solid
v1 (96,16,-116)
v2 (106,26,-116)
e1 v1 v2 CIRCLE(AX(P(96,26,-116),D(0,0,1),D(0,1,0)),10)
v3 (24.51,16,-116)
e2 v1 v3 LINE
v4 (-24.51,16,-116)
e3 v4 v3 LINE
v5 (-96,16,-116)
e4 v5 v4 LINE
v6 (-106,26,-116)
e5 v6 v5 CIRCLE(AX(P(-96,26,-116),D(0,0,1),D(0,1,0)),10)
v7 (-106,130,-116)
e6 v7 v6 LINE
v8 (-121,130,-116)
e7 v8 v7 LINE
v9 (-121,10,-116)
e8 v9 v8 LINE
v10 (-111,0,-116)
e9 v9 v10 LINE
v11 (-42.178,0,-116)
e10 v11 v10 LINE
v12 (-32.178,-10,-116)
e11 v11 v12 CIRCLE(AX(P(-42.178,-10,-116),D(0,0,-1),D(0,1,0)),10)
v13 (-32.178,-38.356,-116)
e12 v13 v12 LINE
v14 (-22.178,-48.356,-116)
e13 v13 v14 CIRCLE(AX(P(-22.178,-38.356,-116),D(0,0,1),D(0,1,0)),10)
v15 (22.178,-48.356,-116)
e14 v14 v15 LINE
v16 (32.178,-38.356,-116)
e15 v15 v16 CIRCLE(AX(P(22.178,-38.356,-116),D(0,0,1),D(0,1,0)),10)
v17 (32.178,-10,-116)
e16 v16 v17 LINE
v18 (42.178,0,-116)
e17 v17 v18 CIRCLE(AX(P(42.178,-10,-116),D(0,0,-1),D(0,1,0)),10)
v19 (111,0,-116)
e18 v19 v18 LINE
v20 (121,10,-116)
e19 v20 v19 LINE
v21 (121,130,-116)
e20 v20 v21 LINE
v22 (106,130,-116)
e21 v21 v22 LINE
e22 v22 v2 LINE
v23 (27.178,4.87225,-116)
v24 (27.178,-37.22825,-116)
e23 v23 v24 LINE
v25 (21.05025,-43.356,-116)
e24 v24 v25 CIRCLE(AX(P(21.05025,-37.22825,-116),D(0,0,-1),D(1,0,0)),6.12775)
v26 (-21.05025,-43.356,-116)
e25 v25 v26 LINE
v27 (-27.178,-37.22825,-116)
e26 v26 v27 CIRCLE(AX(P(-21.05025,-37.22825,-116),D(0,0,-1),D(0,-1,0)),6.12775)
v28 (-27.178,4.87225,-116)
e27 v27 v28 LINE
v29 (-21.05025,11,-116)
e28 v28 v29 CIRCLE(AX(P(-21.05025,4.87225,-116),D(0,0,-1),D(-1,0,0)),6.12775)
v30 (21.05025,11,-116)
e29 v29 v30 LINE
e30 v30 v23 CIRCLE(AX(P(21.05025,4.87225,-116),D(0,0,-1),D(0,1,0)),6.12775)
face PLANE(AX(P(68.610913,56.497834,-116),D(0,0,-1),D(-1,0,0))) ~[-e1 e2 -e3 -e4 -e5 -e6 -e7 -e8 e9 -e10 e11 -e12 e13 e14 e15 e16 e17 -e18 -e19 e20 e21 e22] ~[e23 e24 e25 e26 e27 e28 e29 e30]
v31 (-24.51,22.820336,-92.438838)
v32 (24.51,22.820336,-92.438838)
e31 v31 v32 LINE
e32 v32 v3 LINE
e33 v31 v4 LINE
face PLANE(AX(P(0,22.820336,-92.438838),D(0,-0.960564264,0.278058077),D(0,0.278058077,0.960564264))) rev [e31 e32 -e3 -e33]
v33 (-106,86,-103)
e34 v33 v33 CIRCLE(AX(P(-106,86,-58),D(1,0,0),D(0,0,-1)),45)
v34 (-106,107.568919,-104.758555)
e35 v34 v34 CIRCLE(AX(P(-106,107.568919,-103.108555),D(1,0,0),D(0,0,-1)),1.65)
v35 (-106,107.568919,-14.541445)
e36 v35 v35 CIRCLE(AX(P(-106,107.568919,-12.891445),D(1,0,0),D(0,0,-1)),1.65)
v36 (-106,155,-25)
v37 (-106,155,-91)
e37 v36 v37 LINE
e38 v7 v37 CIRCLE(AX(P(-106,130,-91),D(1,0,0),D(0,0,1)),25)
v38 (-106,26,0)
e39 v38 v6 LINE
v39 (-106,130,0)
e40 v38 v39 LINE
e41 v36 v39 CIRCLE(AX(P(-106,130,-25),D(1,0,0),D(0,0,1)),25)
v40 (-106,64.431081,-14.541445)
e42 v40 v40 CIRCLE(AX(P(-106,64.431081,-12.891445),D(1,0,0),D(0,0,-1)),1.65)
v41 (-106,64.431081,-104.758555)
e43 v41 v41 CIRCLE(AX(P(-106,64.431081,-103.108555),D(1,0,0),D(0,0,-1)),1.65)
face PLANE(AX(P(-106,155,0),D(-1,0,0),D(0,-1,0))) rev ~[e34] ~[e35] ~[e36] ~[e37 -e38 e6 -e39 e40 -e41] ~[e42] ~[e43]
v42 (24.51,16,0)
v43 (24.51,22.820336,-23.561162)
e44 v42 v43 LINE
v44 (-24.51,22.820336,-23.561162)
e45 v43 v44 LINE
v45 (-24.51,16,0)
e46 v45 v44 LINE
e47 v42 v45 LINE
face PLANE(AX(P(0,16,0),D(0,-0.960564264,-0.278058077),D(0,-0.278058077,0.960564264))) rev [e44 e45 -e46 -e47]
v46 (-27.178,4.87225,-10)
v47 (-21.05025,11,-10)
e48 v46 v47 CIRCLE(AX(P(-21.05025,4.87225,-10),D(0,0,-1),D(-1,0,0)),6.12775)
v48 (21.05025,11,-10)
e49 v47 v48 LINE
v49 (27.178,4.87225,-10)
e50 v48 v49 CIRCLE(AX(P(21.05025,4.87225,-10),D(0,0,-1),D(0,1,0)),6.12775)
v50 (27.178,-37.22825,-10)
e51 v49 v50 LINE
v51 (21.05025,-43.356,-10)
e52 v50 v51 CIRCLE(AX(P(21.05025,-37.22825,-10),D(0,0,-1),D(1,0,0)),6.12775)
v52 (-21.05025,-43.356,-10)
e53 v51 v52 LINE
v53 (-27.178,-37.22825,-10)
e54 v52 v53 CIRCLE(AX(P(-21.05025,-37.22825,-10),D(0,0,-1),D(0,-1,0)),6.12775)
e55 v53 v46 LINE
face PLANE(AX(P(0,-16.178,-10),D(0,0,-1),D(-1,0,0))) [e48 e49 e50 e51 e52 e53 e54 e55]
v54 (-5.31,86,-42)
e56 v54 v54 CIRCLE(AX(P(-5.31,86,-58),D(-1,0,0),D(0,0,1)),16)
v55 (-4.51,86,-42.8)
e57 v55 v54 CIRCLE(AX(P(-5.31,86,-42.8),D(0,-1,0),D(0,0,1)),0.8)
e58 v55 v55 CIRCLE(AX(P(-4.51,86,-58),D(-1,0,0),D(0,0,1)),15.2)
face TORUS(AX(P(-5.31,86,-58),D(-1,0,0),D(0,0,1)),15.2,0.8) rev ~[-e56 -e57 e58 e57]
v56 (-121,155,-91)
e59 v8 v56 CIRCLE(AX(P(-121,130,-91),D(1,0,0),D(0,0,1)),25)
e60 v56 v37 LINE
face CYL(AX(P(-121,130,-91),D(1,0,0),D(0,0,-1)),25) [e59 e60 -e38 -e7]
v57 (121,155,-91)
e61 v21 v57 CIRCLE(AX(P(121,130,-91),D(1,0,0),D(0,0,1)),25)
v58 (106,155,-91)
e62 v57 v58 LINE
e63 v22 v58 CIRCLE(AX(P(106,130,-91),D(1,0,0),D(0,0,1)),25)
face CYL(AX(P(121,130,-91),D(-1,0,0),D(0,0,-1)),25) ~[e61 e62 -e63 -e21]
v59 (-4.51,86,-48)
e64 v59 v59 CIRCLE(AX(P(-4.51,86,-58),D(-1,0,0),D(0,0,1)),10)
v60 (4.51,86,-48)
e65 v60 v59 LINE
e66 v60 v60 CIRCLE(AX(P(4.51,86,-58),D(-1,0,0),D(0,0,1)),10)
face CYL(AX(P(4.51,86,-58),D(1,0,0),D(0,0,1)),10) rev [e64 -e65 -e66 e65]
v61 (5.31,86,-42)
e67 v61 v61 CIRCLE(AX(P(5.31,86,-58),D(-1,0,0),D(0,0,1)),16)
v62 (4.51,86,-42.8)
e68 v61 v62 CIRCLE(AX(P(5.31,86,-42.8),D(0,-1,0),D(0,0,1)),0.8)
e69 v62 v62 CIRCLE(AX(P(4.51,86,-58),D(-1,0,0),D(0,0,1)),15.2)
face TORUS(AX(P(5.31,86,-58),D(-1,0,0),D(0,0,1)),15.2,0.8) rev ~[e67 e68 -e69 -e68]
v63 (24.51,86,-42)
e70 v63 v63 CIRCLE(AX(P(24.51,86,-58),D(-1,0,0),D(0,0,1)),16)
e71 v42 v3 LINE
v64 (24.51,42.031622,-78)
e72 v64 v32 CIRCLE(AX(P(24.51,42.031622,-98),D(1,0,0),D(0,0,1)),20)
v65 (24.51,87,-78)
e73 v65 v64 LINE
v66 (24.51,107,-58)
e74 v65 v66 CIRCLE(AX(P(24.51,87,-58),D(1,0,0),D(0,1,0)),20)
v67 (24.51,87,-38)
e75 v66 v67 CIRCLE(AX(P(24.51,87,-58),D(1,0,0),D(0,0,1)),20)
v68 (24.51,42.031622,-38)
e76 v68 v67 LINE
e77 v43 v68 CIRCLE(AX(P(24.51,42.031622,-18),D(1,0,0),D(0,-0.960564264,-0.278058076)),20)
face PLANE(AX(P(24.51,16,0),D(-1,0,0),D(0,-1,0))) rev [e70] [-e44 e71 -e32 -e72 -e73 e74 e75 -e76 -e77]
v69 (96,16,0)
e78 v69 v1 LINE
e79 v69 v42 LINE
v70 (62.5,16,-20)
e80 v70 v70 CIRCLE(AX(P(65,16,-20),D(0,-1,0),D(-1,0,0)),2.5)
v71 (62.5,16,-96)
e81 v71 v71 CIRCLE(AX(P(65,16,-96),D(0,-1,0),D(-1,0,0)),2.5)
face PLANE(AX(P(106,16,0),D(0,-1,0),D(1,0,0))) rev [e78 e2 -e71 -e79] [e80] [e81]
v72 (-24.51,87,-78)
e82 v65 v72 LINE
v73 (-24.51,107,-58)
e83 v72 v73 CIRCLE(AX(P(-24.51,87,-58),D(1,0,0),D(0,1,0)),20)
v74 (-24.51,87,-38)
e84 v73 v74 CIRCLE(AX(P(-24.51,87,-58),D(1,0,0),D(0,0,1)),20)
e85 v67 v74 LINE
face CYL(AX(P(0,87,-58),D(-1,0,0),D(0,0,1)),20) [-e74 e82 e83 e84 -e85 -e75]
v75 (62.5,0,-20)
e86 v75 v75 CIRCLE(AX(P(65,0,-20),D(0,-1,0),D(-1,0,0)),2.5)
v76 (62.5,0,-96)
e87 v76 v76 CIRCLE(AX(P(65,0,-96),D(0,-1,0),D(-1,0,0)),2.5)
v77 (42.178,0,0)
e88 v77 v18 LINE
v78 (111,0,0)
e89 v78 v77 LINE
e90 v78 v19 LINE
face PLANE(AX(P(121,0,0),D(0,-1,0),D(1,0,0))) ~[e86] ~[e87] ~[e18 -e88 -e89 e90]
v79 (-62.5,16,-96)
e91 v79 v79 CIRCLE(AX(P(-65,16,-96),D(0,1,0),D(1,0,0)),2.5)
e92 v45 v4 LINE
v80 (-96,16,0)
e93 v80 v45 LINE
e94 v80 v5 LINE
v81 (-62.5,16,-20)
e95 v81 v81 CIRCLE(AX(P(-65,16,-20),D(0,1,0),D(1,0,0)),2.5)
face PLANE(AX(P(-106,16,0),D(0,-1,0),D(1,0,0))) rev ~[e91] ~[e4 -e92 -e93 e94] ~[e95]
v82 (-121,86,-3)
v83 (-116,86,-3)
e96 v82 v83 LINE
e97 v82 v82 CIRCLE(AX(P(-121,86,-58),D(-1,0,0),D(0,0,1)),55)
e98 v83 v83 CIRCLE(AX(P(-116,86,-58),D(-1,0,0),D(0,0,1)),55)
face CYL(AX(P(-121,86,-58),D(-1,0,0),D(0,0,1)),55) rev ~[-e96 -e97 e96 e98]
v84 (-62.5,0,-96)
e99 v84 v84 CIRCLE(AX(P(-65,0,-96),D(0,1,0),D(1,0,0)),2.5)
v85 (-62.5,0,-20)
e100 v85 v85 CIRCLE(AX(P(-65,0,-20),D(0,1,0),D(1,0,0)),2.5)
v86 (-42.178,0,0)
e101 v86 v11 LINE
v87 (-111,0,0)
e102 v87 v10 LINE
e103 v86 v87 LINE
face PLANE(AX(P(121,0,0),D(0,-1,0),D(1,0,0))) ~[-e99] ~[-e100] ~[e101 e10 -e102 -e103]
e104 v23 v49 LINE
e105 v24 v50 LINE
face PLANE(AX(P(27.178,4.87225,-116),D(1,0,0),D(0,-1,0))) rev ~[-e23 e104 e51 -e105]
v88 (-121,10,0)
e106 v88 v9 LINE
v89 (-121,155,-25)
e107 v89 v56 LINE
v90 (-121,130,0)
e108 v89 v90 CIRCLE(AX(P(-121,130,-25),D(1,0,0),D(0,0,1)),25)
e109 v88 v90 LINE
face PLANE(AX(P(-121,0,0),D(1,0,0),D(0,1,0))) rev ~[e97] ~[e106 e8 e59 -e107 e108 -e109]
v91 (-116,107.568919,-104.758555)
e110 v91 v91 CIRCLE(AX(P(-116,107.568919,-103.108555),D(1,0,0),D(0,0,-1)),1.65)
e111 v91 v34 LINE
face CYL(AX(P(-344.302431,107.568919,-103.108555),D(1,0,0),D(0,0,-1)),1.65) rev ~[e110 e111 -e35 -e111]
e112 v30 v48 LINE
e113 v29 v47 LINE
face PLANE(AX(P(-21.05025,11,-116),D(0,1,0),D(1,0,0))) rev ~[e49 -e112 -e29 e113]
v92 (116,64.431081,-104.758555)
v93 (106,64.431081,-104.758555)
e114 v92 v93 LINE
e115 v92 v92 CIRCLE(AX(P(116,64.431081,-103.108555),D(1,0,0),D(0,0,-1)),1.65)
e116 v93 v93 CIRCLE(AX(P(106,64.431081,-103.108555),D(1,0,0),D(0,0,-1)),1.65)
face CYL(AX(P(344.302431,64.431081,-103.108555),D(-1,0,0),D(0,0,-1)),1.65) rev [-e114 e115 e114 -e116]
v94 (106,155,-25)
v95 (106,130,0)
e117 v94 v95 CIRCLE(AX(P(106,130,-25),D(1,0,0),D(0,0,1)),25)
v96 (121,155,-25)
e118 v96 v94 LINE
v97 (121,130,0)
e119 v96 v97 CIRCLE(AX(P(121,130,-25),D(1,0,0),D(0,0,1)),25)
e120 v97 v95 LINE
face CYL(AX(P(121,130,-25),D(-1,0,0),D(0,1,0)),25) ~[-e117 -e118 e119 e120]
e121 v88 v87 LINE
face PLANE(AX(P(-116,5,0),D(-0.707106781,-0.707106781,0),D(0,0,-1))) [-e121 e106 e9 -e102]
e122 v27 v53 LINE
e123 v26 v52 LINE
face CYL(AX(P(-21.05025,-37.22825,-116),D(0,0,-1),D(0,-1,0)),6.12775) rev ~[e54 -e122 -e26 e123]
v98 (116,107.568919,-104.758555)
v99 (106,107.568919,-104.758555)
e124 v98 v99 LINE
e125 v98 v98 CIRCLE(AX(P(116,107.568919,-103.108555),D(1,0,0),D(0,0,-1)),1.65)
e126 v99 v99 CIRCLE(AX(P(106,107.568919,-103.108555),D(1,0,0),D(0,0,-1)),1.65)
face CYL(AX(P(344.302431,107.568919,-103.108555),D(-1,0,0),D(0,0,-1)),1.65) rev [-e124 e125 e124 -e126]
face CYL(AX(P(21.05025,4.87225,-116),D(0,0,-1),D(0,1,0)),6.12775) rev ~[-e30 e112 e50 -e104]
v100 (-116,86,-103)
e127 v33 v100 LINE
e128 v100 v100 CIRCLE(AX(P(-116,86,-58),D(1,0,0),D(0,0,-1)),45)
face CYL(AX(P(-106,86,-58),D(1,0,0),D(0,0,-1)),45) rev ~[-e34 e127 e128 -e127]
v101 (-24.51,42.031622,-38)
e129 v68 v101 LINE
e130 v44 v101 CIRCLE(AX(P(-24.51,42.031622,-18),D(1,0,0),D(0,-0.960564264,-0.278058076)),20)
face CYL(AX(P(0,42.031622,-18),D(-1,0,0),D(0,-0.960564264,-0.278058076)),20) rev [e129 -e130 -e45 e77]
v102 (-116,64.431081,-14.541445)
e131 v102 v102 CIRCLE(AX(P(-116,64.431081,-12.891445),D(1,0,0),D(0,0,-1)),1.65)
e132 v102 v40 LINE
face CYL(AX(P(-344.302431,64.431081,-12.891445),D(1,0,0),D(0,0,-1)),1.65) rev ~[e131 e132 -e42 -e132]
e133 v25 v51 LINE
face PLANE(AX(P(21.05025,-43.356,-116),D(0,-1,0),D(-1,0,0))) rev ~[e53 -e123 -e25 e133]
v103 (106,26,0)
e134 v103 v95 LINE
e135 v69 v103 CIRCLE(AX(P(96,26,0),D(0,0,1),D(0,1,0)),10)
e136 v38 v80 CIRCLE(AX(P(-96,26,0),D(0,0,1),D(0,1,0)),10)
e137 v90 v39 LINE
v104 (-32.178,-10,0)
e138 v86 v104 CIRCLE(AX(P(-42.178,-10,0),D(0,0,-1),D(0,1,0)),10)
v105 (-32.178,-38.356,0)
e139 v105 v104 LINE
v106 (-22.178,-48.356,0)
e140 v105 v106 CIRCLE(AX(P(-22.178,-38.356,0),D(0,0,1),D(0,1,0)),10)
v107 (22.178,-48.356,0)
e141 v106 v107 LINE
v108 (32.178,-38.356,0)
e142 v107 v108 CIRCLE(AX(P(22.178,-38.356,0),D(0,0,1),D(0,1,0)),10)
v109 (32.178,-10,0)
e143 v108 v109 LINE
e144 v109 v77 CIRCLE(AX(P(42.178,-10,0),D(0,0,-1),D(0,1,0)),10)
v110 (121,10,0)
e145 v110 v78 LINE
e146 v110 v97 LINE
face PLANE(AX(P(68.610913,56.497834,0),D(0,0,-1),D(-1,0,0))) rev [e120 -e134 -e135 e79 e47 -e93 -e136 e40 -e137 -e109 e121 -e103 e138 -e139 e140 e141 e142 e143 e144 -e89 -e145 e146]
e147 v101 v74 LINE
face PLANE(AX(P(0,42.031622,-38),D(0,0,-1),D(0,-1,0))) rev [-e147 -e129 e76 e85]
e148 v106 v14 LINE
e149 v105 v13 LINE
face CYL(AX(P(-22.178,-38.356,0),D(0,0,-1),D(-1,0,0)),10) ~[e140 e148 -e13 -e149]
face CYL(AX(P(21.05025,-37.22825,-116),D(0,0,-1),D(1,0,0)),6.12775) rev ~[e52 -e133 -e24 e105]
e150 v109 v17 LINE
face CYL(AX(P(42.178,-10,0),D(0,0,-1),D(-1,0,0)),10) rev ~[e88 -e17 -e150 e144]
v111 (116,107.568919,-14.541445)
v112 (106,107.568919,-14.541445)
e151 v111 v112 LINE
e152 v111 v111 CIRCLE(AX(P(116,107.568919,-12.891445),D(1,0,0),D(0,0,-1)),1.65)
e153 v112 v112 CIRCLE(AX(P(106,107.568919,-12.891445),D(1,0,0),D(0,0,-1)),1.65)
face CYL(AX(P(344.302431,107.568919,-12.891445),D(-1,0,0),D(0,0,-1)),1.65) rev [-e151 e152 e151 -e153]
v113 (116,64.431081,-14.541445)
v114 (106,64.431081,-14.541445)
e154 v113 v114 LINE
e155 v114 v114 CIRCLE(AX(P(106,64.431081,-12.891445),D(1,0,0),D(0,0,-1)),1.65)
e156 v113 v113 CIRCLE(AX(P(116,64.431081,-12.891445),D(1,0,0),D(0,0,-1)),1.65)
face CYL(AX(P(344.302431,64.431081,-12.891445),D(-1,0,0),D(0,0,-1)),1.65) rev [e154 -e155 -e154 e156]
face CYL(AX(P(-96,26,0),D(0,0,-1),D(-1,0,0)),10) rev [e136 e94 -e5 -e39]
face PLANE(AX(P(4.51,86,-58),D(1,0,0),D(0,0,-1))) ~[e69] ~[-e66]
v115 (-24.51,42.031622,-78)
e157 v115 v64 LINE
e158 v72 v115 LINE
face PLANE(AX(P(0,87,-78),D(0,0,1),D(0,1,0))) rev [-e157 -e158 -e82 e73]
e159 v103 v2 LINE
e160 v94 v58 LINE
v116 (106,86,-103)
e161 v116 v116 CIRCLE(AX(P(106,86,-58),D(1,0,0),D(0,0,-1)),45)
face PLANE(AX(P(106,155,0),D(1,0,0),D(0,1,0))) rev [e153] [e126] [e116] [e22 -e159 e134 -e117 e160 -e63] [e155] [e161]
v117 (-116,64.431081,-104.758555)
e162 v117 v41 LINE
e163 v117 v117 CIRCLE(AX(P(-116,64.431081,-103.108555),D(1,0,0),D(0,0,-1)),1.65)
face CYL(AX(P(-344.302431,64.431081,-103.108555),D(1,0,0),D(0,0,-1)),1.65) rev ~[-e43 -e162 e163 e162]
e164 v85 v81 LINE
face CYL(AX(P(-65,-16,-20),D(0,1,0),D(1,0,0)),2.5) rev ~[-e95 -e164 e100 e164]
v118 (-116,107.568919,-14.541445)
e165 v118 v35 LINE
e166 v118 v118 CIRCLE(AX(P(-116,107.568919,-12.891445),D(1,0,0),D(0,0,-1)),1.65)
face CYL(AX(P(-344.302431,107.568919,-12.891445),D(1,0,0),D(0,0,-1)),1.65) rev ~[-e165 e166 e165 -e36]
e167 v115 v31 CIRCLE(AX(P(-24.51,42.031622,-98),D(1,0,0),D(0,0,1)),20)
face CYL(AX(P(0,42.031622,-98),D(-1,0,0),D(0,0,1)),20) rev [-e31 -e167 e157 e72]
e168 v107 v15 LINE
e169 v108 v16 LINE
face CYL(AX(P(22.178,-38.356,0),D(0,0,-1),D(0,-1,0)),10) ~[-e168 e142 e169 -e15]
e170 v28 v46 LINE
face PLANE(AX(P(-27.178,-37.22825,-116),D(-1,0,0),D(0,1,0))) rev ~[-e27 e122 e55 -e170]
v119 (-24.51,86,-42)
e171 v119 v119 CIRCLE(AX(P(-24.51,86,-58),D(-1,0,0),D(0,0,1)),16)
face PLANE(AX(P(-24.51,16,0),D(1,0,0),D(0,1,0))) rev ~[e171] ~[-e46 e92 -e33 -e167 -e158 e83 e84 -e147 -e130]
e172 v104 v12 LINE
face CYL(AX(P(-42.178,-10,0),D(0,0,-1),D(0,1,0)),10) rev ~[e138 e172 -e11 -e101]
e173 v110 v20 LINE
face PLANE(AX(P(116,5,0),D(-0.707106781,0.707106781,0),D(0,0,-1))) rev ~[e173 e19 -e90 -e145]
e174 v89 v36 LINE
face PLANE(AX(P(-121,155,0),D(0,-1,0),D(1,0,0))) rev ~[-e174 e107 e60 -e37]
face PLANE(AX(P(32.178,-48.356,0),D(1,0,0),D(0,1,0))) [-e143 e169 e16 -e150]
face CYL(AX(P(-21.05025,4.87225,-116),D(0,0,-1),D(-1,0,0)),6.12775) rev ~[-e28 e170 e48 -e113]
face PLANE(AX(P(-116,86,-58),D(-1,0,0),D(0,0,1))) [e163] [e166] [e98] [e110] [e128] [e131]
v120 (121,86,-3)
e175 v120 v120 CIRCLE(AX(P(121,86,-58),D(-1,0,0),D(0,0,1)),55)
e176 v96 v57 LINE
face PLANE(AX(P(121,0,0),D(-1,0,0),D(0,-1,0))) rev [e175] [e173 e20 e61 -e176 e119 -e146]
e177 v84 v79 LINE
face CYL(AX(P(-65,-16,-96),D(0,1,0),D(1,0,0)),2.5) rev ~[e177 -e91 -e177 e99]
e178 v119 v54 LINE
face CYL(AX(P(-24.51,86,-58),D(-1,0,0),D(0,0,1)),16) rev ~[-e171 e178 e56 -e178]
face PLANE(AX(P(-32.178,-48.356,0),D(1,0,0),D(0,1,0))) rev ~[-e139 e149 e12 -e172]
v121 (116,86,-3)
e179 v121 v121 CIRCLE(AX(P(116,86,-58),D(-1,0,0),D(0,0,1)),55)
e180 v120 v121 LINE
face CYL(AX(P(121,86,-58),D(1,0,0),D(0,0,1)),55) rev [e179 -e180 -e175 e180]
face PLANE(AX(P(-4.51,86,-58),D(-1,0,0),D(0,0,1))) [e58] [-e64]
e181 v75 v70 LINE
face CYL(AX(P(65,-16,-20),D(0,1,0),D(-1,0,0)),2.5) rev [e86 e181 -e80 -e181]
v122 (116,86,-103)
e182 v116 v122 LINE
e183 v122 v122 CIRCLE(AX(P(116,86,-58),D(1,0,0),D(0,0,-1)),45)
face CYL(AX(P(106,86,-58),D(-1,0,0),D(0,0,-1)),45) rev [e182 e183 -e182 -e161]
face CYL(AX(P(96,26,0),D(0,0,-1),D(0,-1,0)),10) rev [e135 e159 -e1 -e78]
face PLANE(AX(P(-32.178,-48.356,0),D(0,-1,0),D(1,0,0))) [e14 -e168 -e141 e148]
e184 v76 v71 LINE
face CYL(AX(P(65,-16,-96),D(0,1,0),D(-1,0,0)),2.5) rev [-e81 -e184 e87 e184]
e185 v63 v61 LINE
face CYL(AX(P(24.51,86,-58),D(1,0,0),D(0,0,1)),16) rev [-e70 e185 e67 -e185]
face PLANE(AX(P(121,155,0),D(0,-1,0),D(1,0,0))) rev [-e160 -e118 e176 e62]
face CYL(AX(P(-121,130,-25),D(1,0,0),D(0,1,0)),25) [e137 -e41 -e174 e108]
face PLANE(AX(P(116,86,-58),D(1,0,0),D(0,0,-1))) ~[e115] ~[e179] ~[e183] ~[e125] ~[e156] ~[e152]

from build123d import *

# Parameters (mm, degrees)
BOSS_EXTRUDE1_DEPTH       = 116
SKETCH5_R                 = 16
CUT_EXTRUDE1_DEPTH        = 20
CUT_EXTRUDE2_REACH        = 6.51
SKETCH6_R                 = 10
CUT_EXTRUDE4_REACH        = 17
SKETCH8_R                 = 45
CUT_EXTRUDE5_DEPTH        = 106
FILLET3_R                 = 25
M6X1_0_TAPPED_HOLE1_D     = 5
M6X1_0_TAPPED_HOLE1_DEPTH = 16
SKETCH21_R                = 55
CUT_EXTRUDE7_DEPTH        = 5
M4X0_7_TAPPED_HOLE1_D     = 3.3
FILLET4_R                 = 0.8
CHAMFER1_SIZE             = 10
SKETCH25_W                = 64.356
SKETCH25_H                = 48.356
BOSS_EXTRUDE2_DEPTH       = 116
CUT_EXTRUDE8_DEPTH        = 106
FILLET6_R                 = 10
FILLET7_R                 = 10
FILLET8_R                 = 10


with BuildPart() as part:
    # Sketch1 → Boss-Extrude1 (new body)
    with BuildSketch(Plane.XY):
        Polygon((0, 0), (-106, 0), (-121, 0), (-121, 155), (-106, 155), (-106, 16), (-24.51, 16), (-24.51, 107), (0, 107), align=None)
    extrude(amount=-BOSS_EXTRUDE1_DEPTH)

    # Sketch5 → Cut-Extrude1 (cut)
    with BuildSketch(Plane.ZY.offset(24.51)):
        with Locations((-58, 86)):
            Circle(SKETCH5_R)
    extrude(amount=-CUT_EXTRUDE1_DEPTH, mode=Mode.SUBTRACT)

    # Sketch6 → Cut-Extrude2 (cut, up to next)
    with BuildSketch(Plane.ZY.offset(4.51), mode=Mode.PRIVATE) as cut_extrude2_sk1:
        with Locations((-58, 86)):
            Circle(SKETCH6_R)
    cut_extrude2_tool1 = extrude(cut_extrude2_sk1.sketch, amount=-CUT_EXTRUDE2_REACH, mode=Mode.PRIVATE) & part.part
    add(cut_extrude2_tool1.solids().sort_by_distance((-4.51, 86, -58))[0], mode=Mode.SUBTRACT)

    # Sketch8 → Cut-Extrude4 (cut, up to next)
    with BuildSketch(Plane(origin=(-106, 0, 0), x_dir=(0, 0, -1), z_dir=(1, 0, 0)), mode=Mode.PRIVATE) as cut_extrude4_sk1:
        with Locations((58, 86)):
            Circle(SKETCH8_R)
    cut_extrude4_tool1 = extrude(cut_extrude4_sk1.sketch, amount=-CUT_EXTRUDE4_REACH, mode=Mode.PRIVATE) & part.part
    add(cut_extrude4_tool1.solids().sort_by_distance((-106, 86, -58))[0], mode=Mode.SUBTRACT)

    # Sketch10 → Cut-Extrude5 (cut)
    with BuildSketch(Plane(origin=(0, 0, 0), x_dir=(0, 0, -1), z_dir=(1, 0, 0))):
        with BuildLine():
            Line((0, 107), (0, 16))
            Line((0, 16), (23.561161531, 22.820336233))
            ThreePointArc((23.561161531, 22.820336233), (33.987858372, 30.015449722), (38, 42.031621521))
            Line((38, 42.031621521), (38, 87))
            ThreePointArc((38, 87), (43.857864376, 101.142135624), (58, 107))
            Line((58, 107), (0, 107))
        make_face()
        with BuildLine():
            Line((116, 107), (58, 107))
            ThreePointArc((58, 107), (72.142135624, 101.142135624), (78, 87))
            Line((78, 87), (78, 42.031621521))
            ThreePointArc((78, 42.031621521), (82.012141628, 30.015449722), (92.438838469, 22.820336233))
            Line((92.438838469, 22.820336233), (116, 16))
            Line((116, 16), (116, 107))
        make_face()
    extrude(amount=-CUT_EXTRUDE5_DEPTH, mode=Mode.SUBTRACT)

    # Fillet3
    fillet3_edges = [part.edges().sort_by_distance(p)[0] for p in [
        (-113.5, 155, 0),
        (-113.5, 155, -116),
    ]]
    fillet(fillet3_edges, radius=FILLET3_R)

    # M6x1.0 Tapped Hole1
    with Locations(Plane(origin=(0, 0, 0), x_dir=(-1, 0, 0), z_dir=(0, -1, 0))):
        with Locations((65, 20), (65, 96)):
            Hole(M6X1_0_TAPPED_HOLE1_D / 2, depth=M6X1_0_TAPPED_HOLE1_DEPTH)

    # Sketch21 → Cut-Extrude7 (cut)
    with BuildSketch(Plane.ZY.offset(121)):
        with Locations((-58, 86)):
            Circle(SKETCH21_R)
    extrude(amount=-CUT_EXTRUDE7_DEPTH, mode=Mode.SUBTRACT)

    # M4x0.7 Tapped Hole1 (through all)
    with Locations(Plane.ZY.offset(116)):
        with Locations((-103.10855484, 107.568919311), (-12.89144516, 107.568919311), (-12.89144516, 64.431080689), (-103.10855484, 64.431080689)):
            Hole(M4X0_7_TAPPED_HOLE1_D / 2)

    # Mirror1: part across plane


with BuildPart() as part_1:
    add(part.part)
    add(part.part.mirror(Plane(origin=(0, 107, -116), x_dir=(0, 0, 1), z_dir=(1, 0, 0))))

    # Fillet4
    fillet4_edges = [part_1.edges().sort_by_distance(p)[0] for p in [
        (4.51, 86, -74),
        (-4.51, 86, -74),
    ]]
    fillet(fillet4_edges, radius=FILLET4_R)

    # Chamfer1
    chamfer1_edges = [part_1.edges().sort_by_distance(p)[0] for p in [
        (-121, 0, -58),
        (121, 0, -58),
    ]]
    chamfer(chamfer1_edges, length=CHAMFER1_SIZE)

    # Sketch25 → Boss-Extrude2 (add)
    with BuildSketch(Plane.XY):
        with Locations((0, -24.178)):
            Rectangle(SKETCH25_W, SKETCH25_H)
    extrude(amount=-BOSS_EXTRUDE2_DEPTH)

    # Sketch27 → Cut-Extrude8 (cut)
    with BuildSketch(Plane(origin=(0, 0, -116), x_dir=(-1, 0, 0), z_dir=(0, 0, -1))):
        with BuildLine():
            Line((-21.05025, -43.356), (21.05025, -43.356))
            ThreePointArc((21.05025, -43.356), (25.383223578, -41.561223578), (27.178, -37.22825))
            Line((27.178, -37.22825), (27.178, 4.87225))
            ThreePointArc((27.178, 4.87225), (25.383223578, 9.205223578), (21.05025, 11))
            Line((21.05025, 11), (-21.05025, 11))
            ThreePointArc((-21.05025, 11), (-25.383223578, 9.205223578), (-27.178, 4.87225))
            Line((-27.178, 4.87225), (-27.178, -37.22825))
            ThreePointArc((-27.178, -37.22825), (-25.383223578, -41.561223578), (-21.05025, -43.356))
        make_face()
    extrude(amount=-CUT_EXTRUDE8_DEPTH, mode=Mode.SUBTRACT)

    # Fillet6
    fillet6_edges = [part_1.edges().sort_by_distance(p)[0] for p in [
        (-32.178, 0, -58),
        (32.178, 0, -58),
    ]]
    fillet(fillet6_edges, radius=FILLET6_R)

    # Fillet7
    fillet7_edges = [part_1.edges().sort_by_distance(p)[0] for p in [
        (-32.178, -48.356, -58),
        (32.178, -48.356, -58),
    ]]
    fillet(fillet7_edges, radius=FILLET7_R)

    # Fillet8
    fillet8_edges = [part_1.edges().sort_by_distance(p)[0] for p in [
        (-106, 16, -58),
        (106, 16, -58),
    ]]
    fillet(fillet8_edges, radius=FILLET8_R)


solid = part_1.part
